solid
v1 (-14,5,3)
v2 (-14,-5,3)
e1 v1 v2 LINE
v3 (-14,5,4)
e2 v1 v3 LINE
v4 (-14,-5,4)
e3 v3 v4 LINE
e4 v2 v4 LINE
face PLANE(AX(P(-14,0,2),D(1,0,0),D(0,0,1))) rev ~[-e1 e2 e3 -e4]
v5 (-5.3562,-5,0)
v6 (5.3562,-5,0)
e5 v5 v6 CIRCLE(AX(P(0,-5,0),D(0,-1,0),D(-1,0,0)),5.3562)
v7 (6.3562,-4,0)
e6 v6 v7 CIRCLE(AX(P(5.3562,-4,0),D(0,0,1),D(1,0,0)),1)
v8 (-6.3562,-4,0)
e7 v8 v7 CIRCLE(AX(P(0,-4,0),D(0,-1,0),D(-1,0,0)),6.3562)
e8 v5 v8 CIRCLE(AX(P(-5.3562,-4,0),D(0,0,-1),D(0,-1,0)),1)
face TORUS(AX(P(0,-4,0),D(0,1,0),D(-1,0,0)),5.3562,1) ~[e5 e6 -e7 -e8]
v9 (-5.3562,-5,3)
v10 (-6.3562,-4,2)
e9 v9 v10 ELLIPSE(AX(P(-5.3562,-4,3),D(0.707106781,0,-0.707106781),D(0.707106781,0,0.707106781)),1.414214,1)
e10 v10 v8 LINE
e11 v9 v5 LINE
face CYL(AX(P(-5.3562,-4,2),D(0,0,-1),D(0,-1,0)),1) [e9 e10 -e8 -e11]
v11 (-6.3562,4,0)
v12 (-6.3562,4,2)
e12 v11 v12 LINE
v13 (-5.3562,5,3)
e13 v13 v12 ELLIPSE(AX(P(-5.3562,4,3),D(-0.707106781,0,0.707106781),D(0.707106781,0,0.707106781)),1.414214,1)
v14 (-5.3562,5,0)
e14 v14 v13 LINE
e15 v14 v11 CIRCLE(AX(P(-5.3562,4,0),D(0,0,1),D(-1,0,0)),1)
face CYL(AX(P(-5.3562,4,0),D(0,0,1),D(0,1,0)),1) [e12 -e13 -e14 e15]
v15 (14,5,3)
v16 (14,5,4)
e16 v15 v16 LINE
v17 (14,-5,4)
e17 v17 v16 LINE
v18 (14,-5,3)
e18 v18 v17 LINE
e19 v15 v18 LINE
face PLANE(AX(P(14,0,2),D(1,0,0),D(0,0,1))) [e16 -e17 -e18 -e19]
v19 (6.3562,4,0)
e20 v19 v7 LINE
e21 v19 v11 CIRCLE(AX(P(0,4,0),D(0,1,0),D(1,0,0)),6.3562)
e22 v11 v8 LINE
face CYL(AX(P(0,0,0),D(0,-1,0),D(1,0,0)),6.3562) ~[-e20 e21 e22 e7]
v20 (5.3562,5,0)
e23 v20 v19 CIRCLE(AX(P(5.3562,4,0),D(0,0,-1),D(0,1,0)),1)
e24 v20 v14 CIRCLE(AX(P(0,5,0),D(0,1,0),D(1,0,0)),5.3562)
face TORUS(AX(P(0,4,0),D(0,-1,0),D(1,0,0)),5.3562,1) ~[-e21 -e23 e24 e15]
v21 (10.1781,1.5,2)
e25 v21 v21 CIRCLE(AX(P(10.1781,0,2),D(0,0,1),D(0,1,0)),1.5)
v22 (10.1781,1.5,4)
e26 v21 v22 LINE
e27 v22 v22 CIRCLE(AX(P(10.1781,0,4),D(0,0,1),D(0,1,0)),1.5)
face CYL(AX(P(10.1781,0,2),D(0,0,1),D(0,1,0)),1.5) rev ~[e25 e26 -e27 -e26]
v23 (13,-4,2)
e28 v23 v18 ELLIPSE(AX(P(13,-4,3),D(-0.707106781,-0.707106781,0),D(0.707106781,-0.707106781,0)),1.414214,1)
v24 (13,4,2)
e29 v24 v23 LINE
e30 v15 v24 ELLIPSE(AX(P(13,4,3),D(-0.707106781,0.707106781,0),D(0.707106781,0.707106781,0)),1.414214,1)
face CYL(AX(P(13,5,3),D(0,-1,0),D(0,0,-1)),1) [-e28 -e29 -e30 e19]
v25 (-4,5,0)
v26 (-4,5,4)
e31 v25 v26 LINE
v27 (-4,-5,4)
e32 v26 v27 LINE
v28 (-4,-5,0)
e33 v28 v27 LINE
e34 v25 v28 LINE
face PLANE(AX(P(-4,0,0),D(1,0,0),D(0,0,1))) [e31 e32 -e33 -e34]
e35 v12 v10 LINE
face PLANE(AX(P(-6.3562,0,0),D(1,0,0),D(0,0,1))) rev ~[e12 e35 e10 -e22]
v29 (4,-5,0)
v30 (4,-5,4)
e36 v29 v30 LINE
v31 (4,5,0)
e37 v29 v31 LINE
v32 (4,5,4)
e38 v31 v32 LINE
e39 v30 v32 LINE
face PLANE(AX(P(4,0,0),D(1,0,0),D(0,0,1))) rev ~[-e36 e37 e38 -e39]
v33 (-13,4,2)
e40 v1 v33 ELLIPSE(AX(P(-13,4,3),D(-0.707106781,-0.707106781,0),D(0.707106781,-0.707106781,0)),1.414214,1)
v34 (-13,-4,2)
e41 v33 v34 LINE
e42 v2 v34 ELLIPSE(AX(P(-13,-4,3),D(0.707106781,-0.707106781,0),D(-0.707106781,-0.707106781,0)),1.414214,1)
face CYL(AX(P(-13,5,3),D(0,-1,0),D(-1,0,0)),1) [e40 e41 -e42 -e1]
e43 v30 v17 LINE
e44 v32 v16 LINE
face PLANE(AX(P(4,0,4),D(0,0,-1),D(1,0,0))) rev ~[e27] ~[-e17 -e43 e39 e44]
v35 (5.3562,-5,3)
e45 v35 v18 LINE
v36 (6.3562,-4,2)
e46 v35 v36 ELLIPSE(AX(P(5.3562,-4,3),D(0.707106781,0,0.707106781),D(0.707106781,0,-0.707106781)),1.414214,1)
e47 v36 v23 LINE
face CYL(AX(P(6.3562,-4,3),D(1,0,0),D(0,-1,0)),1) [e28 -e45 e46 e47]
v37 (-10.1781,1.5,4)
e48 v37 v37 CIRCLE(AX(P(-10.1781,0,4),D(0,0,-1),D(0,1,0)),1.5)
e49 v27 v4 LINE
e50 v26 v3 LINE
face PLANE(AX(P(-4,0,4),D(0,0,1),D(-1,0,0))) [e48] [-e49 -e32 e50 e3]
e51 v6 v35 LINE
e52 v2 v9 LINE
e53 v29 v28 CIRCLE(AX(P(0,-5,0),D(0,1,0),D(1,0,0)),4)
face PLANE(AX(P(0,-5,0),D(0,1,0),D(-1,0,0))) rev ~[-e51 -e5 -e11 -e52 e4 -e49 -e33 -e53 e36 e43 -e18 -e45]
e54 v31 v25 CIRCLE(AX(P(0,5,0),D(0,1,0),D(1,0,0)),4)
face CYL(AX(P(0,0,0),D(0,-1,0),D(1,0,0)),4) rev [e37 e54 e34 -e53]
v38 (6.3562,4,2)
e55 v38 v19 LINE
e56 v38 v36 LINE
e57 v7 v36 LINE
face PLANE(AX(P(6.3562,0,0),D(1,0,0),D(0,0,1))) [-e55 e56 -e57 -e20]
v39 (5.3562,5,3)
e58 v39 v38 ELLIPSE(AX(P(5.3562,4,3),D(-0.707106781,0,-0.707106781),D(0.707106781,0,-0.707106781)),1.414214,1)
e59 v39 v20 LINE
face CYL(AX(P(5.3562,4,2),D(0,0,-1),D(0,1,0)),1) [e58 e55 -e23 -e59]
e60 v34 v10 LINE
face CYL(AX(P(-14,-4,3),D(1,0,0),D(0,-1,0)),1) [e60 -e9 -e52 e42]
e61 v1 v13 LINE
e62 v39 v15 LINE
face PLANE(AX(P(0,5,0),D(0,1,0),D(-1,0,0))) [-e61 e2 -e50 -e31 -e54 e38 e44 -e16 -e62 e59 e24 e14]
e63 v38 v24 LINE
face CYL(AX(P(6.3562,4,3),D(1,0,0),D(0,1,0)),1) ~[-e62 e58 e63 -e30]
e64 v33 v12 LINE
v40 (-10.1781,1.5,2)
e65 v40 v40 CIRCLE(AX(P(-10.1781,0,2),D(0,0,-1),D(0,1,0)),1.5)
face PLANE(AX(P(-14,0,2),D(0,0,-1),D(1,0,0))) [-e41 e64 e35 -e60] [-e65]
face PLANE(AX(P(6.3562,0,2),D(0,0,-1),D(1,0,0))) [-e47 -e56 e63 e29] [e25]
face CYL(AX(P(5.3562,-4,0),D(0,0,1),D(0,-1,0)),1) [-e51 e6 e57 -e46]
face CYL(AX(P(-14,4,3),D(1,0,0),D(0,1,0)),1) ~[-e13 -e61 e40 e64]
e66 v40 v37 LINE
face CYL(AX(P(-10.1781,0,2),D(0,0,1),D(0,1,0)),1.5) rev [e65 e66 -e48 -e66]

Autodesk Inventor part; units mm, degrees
ref_plane "YZ Plane" through (0, 0, 0) normal (1, 0, 0) x (0, 1, 0)
ref_plane "XZ Plane" through (0, 0, 0) normal (0, 1, 0) x (-1, 0, 0)
ref_plane "XY Plane" through (0, 0, 0) normal (0, 0, 1) x (1, 0, 0)
sketch "Sketch1" plane through (0, 0, 0) normal (0, 1, 0) x (-1, 0, 0)
  arc A0 (-4, 0) -> (4, 0) centre (0, 0) ccw
  line L0 (-4, 4) -> (-14, 4)
  line L1 (4, 4) -> (14, 4)
  line L2 (14, 2) -> (6.3562, 2)
  line L3 (-6.3562, 2) -> (-14, 2)
  line L4 (4, 0) -> (4, 4)
  line L5 (-4, 0) -> (-4, 4)
  line L6 (6.3562, 0) -> (6.3562, 2)
  line L7 (-6.3562, 0) -> (-6.3562, 2)
  arc A1 (-6.3562, 0) -> (6.3562, 0) centre (0, 0) ccw
  line L8 (14, 2) -> (14, 4)
  line L9 (-14, 2) -> (-14, 4)
  dimension "d0" = 8
  dimension "d2" = 2
  dimension "d3" = 10
  dimension "d4" = 10
  dimension "d5" = 6.3562
  dimension "d6" = 2
extrude "Extrusion1" add sketch "Sketch1" along normal mid plane 10
sketch "Sketch2" plane through (14, 5, 2) normal (0, 0, -1) x (-1, 0, 0)
  line L0 (0, -10) -> (0, 0) projected
  line L1 (0, 0) -> (7.6438, 0) projected
  point P0 (14, -5)
  point P1 (3.8219, -5)
  point P2 (0, -5)
  point P3 (3.8219, 0)
hole "Hole1" at (10.1781, 0, 2) direction (0, 0, 1) diameter 3 depth 2
mirror "Mirror1" about plane through (0, 0, 0) normal (1, 0, 0) of "Hole1"
fillet "Fillet1" radius 1 12 edges at (10.1781, 5, 2) (14, 0, 2) (10.1781, -5, 2) (-10.1781, 5, 2) (-14, 0, 2) (-10.1781, -5, 2) (-6.3562, 5, 1) (6.3562, 5, 1) (0, 5, -6.3562) (6.3562, -5, 1) (-6.3562, -5, 1) (0, -5, -6.3562)
properties part number "Part_B5"
